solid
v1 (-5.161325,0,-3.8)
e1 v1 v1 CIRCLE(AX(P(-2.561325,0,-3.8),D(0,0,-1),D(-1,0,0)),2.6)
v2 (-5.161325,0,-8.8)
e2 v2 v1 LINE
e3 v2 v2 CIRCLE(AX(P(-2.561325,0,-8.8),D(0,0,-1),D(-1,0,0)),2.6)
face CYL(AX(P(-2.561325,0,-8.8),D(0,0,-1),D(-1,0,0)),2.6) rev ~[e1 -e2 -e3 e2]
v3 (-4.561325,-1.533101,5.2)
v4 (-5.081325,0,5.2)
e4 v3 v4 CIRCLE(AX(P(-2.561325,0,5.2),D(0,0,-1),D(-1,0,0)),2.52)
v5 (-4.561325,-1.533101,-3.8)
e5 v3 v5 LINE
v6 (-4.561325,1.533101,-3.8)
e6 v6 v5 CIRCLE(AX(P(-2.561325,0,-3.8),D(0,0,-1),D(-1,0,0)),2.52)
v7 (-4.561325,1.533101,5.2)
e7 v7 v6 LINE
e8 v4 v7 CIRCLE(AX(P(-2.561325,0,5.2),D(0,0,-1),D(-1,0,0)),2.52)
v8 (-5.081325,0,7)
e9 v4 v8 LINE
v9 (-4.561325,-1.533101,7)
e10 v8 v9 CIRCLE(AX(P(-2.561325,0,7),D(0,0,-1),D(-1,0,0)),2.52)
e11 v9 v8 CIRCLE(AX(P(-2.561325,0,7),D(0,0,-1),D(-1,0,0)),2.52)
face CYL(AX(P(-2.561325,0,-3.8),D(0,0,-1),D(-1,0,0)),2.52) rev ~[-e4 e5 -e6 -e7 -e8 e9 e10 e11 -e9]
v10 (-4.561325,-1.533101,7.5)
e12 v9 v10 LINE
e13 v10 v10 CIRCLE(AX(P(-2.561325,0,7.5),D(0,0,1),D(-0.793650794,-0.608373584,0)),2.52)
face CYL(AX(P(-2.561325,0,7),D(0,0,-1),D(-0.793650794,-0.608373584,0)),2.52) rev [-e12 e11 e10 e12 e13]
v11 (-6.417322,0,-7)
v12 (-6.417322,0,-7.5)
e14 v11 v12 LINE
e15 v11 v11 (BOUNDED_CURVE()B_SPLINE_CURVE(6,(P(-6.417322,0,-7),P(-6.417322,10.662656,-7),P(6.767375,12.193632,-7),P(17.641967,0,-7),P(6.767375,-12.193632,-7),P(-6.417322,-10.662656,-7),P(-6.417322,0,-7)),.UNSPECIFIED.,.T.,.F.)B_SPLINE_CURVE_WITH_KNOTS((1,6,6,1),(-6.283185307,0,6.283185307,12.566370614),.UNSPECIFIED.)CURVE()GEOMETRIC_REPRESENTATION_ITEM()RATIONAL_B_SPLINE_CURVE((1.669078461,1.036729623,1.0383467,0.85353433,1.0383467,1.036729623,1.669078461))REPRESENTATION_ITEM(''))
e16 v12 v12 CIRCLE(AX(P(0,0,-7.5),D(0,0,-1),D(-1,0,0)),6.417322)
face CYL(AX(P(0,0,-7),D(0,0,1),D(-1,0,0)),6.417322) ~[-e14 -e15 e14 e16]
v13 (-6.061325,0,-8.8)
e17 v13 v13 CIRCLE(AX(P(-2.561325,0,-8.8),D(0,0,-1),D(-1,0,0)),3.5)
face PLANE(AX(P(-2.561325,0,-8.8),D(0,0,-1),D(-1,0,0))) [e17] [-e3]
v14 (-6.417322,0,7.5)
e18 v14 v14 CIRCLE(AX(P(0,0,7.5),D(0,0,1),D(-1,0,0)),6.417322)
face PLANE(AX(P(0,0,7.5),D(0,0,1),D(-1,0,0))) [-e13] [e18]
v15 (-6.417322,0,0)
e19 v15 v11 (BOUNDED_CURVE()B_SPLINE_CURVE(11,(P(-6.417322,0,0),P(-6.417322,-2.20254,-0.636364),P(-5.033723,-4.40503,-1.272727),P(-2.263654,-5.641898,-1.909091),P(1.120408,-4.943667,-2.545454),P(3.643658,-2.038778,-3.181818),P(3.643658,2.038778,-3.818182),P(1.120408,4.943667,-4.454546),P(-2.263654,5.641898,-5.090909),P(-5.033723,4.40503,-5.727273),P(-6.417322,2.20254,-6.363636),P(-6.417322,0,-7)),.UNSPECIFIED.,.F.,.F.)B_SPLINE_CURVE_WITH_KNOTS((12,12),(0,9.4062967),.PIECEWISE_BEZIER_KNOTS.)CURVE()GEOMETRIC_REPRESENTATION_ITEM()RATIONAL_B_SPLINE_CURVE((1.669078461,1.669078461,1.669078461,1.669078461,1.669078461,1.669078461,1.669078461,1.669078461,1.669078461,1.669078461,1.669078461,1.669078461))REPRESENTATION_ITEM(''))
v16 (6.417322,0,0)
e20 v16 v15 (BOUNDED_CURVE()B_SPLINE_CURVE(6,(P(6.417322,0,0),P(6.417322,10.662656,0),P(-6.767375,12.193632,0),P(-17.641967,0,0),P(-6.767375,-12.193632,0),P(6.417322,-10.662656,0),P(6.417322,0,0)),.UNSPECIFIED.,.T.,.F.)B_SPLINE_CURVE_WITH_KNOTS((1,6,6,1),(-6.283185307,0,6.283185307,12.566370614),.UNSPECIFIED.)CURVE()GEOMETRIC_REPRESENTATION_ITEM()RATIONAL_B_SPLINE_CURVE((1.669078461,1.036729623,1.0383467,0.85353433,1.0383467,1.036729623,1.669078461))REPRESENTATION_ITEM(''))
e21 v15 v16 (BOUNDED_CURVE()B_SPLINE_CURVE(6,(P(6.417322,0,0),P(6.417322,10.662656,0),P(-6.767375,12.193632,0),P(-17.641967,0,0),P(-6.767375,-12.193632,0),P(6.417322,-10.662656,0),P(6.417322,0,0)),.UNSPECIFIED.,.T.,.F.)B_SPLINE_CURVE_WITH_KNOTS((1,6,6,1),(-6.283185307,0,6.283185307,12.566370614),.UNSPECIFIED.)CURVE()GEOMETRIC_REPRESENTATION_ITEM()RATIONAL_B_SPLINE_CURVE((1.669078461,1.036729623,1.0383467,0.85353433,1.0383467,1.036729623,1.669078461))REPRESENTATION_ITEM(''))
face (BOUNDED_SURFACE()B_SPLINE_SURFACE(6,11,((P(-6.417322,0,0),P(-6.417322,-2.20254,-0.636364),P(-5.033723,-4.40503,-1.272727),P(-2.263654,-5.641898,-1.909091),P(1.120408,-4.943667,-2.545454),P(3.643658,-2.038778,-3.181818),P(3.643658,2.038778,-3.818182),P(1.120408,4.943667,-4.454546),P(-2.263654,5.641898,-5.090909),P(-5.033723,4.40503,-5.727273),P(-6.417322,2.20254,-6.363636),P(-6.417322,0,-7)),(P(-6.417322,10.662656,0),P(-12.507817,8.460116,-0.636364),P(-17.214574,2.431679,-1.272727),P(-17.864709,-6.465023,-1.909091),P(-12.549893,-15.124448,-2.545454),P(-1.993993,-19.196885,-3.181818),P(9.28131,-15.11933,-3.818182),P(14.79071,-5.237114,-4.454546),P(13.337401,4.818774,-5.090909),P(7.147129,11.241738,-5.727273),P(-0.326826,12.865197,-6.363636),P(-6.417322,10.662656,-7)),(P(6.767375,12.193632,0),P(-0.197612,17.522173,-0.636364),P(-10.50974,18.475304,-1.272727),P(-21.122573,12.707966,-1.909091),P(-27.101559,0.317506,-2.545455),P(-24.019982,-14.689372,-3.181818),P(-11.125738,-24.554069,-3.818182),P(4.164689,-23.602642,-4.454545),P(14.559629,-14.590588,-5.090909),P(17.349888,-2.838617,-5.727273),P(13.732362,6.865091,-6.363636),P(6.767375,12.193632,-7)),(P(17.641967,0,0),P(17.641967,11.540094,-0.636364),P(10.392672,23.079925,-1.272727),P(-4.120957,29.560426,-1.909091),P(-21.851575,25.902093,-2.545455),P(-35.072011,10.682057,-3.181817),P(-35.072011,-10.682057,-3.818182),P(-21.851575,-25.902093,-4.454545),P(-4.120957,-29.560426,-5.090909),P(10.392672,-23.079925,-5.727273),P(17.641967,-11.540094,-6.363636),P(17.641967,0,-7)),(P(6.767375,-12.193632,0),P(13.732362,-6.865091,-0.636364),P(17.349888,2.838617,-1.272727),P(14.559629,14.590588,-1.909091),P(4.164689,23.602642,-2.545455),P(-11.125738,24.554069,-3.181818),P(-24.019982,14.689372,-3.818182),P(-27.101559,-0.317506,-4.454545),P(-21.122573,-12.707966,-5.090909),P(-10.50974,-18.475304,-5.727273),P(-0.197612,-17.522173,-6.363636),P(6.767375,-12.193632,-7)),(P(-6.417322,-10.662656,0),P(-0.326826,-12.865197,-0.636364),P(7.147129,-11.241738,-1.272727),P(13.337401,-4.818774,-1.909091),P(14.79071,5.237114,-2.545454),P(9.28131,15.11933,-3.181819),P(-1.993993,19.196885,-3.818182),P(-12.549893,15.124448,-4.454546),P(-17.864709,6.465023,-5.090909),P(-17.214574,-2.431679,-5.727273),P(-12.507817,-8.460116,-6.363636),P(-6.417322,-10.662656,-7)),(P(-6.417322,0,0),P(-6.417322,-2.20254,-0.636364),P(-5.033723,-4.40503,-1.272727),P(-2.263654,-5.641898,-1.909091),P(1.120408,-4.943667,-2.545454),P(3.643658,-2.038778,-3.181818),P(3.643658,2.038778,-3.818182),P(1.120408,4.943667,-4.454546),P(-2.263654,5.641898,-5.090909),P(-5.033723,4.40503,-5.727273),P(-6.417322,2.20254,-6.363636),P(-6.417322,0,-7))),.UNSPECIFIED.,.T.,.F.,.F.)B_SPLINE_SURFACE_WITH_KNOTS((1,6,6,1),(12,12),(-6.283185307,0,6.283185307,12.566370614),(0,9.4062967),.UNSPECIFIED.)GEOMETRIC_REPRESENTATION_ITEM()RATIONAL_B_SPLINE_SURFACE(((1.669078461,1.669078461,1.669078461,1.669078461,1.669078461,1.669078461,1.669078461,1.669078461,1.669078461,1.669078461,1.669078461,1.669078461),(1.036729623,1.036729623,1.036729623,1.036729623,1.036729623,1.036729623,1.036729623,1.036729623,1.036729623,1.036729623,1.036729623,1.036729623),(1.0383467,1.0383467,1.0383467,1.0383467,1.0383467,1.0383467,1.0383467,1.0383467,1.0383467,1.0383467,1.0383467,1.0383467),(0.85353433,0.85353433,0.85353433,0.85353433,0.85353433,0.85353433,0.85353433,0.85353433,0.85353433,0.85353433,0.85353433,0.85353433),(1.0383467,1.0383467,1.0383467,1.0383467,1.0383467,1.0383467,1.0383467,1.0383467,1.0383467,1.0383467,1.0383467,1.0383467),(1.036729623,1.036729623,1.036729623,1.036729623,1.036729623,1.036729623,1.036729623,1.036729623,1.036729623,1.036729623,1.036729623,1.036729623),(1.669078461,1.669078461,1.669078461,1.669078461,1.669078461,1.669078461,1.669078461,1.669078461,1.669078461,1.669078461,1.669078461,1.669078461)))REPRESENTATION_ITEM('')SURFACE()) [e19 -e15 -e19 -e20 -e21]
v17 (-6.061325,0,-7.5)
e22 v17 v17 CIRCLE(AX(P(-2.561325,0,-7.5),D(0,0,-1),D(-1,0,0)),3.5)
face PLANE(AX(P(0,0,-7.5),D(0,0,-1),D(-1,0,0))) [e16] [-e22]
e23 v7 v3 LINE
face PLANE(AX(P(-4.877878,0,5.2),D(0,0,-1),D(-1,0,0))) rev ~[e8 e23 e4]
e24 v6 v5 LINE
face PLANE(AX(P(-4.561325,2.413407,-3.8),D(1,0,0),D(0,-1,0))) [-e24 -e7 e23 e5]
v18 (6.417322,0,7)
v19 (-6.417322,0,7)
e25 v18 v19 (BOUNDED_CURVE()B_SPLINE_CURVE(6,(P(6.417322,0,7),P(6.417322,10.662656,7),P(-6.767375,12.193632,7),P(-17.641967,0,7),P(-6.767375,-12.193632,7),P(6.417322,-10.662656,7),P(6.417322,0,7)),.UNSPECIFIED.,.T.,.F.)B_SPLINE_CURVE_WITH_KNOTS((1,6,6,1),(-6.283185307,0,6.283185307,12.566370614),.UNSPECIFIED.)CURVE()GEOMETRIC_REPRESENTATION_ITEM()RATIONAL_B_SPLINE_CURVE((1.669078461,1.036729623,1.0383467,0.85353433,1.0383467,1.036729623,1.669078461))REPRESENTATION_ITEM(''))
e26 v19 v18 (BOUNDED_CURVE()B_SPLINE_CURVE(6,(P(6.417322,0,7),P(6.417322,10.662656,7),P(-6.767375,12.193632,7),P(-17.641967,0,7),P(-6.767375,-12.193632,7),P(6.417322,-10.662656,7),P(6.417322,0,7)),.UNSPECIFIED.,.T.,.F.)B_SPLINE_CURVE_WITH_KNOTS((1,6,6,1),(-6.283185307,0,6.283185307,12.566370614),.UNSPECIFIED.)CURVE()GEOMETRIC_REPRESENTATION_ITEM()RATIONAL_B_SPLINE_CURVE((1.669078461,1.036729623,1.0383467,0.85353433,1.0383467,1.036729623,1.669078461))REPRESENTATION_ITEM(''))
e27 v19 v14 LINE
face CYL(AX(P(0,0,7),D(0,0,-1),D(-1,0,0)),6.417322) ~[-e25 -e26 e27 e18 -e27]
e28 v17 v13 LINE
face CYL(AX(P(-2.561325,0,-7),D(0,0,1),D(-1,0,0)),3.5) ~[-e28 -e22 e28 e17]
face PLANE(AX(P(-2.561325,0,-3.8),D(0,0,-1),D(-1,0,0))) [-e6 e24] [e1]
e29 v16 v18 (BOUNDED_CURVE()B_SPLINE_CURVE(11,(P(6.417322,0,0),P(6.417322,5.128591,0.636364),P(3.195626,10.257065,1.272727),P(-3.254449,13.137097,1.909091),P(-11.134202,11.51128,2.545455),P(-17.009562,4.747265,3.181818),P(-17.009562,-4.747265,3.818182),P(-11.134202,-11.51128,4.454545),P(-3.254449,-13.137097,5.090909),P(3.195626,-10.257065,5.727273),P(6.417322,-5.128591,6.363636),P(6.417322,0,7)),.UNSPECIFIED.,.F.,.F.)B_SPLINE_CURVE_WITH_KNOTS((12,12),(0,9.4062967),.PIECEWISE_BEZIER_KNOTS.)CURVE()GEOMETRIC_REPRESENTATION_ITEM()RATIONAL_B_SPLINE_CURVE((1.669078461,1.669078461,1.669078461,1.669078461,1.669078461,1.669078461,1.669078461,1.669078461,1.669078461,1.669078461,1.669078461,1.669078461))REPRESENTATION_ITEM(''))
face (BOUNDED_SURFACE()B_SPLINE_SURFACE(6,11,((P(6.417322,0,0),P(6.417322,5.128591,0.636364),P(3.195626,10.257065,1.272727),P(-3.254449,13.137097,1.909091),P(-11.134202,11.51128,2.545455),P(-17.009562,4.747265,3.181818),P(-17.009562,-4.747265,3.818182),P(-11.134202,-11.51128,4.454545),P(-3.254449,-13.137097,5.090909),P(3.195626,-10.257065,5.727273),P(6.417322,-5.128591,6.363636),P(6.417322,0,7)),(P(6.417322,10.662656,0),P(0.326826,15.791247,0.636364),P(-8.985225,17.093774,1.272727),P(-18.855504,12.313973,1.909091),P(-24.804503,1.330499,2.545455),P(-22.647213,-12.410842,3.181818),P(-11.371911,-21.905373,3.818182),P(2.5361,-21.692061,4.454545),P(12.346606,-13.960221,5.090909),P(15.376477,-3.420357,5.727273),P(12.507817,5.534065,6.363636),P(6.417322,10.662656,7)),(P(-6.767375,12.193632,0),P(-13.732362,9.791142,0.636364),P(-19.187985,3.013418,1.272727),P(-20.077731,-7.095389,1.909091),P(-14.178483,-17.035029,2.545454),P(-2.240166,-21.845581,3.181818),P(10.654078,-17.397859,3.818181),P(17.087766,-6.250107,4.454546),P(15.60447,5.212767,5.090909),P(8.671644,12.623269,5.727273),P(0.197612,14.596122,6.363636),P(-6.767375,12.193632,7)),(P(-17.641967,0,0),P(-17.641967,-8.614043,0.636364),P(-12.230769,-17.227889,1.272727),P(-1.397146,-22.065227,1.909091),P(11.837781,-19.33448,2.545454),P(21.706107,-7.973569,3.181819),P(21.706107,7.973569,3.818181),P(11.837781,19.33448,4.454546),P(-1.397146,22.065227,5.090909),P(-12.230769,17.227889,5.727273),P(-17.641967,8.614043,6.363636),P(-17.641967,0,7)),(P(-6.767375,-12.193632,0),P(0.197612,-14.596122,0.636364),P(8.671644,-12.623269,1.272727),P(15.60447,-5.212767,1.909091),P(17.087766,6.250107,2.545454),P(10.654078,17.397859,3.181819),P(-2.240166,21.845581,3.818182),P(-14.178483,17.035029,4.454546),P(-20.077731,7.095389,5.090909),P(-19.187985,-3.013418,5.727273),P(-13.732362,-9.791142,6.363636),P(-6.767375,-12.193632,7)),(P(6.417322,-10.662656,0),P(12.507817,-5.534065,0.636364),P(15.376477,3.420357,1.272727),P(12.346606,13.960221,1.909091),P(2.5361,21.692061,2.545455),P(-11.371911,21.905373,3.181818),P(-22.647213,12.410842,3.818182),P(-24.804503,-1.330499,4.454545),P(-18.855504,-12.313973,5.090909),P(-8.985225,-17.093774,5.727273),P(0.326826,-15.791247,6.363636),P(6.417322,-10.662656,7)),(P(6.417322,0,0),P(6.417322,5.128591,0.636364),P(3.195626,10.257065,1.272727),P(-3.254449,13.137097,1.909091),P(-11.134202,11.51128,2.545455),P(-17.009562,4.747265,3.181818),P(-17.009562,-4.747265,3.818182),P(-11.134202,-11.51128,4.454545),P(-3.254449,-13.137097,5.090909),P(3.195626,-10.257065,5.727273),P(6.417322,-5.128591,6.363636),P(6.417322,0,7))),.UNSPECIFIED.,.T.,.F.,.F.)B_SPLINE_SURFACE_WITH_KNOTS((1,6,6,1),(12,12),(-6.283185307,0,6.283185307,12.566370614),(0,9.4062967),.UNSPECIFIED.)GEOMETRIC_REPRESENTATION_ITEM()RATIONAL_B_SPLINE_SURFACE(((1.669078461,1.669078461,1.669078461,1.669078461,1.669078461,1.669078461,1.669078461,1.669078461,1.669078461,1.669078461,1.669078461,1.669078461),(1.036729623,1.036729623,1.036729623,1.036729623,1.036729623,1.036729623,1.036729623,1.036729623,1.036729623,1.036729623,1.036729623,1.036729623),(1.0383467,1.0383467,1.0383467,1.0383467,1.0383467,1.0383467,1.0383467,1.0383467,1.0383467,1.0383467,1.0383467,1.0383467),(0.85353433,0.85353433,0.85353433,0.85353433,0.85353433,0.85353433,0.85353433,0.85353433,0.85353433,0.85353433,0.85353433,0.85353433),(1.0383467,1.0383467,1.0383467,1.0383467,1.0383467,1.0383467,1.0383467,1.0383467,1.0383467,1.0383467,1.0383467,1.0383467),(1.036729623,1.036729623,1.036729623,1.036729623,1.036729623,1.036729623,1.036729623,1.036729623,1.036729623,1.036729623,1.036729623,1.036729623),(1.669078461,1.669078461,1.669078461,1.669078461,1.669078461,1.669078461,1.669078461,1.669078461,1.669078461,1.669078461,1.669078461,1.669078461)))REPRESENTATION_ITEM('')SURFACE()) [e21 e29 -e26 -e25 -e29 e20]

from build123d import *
from build123d.topology import SkipClean

# Parameters (mm, degrees)
AUSTRAGUNG1_PITCH               = 7
AUSTRAGUNG1_HEIGHT              = 7
AUSTRAGUNG1_RADIUS              = 3.5
SKIZZE1_R                       = 6.417321625
SKIZZE5_R                       = 2.5
SCHNITT_LINEAR_AUSTRAGEN1_DEPTH = 10
AUSTRAGUNG2_PITCH               = 7
AUSTRAGUNG2_HEIGHT              = 7
AUSTRAGUNG2_RADIUS              = 3.5
AUSTRAGUNG2_START_ANGLE         = 180
SKIZZE6_R                       = 6.417321625
SKIZZE8_R                       = 3.5
AUFSATZ_LINEAR_AUSTRAGEN1_DEPTH = 1.8
SKIZZE9_R                       = 2.6
SCHNITT_LINEAR_AUSTRAGEN2_DEPTH = 5
SKIZZE12_R                      = 2.52
SCHNITT_LINEAR_AUSTRAGEN4_DEPTH = 36
AUFSATZ_LINEAR_AUSTRAGEN2_DEPTH = 9
SKIZZE13_R                      = 6.417321625
SKIZZE13_R_2                    = 3.5
AUFSATZ_LINEAR_AUSTRAGEN3_DEPTH = 0.5
SKIZZE14_R                      = 6.417321625
SKIZZE14_R_2                    = 2.52
AUFSATZ_LINEAR_AUSTRAGEN4_DEPTH = 0.5


with BuildPart() as part:
    # Austragung1: sweep along a helix
    with BuildLine() as austragung1_path:
        Helix(AUSTRAGUNG1_PITCH, AUSTRAGUNG1_HEIGHT, AUSTRAGUNG1_RADIUS, center=(-2.561325, 0, 0), direction=(0, 0, 1))
    # Skizze1 → Austragung1 (sweep)
    with BuildSketch(Plane.XY):
        Circle(SKIZZE1_R)
    sweep(path=austragung1_path.line, is_frenet=True)

    # Skizze5 → Schnitt-Linear austragen1 (cut)
    with BuildSketch(Plane.XY.offset(7)):
        with Locations((-2.561325, 0)):
            Circle(SKIZZE5_R)
    extrude(amount=-SCHNITT_LINEAR_AUSTRAGEN1_DEPTH, mode=Mode.SUBTRACT)

    # Austragung2: sweep along a helix
    with BuildLine() as austragung2_path:
        add(Helix(AUSTRAGUNG2_PITCH, AUSTRAGUNG2_HEIGHT, AUSTRAGUNG2_RADIUS, center=(-2.561325, 0, 0), direction=(0, 0, -1), lefthand=True, mode=Mode.PRIVATE).rotate(Axis((-2.561325, 0, 0), (0, 0, -1)), AUSTRAGUNG2_START_ANGLE))
    # Skizze6 → Austragung2 (sweep)
    with BuildSketch(Plane(origin=(0, 0, 0), x_dir=(-1, 0, 0), z_dir=(0, 0, -1))):
        Circle(SKIZZE6_R)
    sweep(path=austragung2_path.line, is_frenet=True)

    # Skizze8 → Aufsatz-Linear austragen1 (add)
    with BuildSketch(Plane(origin=(0, 0, -7), x_dir=(-1, 0, 0), z_dir=(0, 0, -1))):
        with Locations((2.561325, 0)):
            Circle(SKIZZE8_R)
    extrude(amount=AUFSATZ_LINEAR_AUSTRAGEN1_DEPTH)

    # Skizze9 → Schnitt-Linear austragen2 (cut)
    with BuildSketch(Plane(origin=(0, 0, -8.8), x_dir=(-1, 0, 0), z_dir=(0, 0, -1))):
        with Locations((2.561325, 0)):
            Circle(SKIZZE9_R)
    extrude(amount=-SCHNITT_LINEAR_AUSTRAGEN2_DEPTH, mode=Mode.SUBTRACT)

    # Skizze12 → Schnitt-Linear austragen4 (cut)
    with BuildSketch(Plane(origin=(0, 0, -3.8), x_dir=(-1, 0, 0), z_dir=(0, 0, -1))):
        with Locations((2.561325, 0)):
            Circle(SKIZZE12_R)
    extrude(amount=-SCHNITT_LINEAR_AUSTRAGEN4_DEPTH, mode=Mode.SUBTRACT)

    # Skizze11 → Aufsatz-Linear austragen2 (add)
    with BuildSketch(Plane(origin=(0, 0, -3.8), x_dir=(-1, 0, 0), z_dir=(0, 0, -1))):
        Polygon((4.561325, -2.413407371), (5.761325, 0), (4.561325, 2.413407371), align=None)
    extrude(amount=-AUFSATZ_LINEAR_AUSTRAGEN2_DEPTH)

    # Skizze13 → Aufsatz-Linear austragen3 (add)
    with BuildSketch(Plane(origin=(0, 0, -7), x_dir=(-1, 0, 0), z_dir=(0, 0, -1))):
        Circle(SKIZZE13_R)
        with Locations((2.561325, 0)):
            Circle(SKIZZE13_R_2, mode=Mode.SUBTRACT)
    extrude(amount=AUFSATZ_LINEAR_AUSTRAGEN3_DEPTH)

    # Skizze14 → Aufsatz-Linear austragen4 (add)
    with SkipClean():  # the faces are left unmerged after this step: merging them gives an invalid solid
        with BuildSketch(Plane.XY.offset(7)):
            with Locations(Location((0, 0, 0), (0, 0, 180))):
                Circle(SKIZZE14_R)
            with Locations(Location((-2.561325, 0, 0), (0, 0, 217.471995183))):
                Circle(SKIZZE14_R_2, mode=Mode.SUBTRACT)
        extrude(amount=AUFSATZ_LINEAR_AUSTRAGEN4_DEPTH)


solid = part.part
